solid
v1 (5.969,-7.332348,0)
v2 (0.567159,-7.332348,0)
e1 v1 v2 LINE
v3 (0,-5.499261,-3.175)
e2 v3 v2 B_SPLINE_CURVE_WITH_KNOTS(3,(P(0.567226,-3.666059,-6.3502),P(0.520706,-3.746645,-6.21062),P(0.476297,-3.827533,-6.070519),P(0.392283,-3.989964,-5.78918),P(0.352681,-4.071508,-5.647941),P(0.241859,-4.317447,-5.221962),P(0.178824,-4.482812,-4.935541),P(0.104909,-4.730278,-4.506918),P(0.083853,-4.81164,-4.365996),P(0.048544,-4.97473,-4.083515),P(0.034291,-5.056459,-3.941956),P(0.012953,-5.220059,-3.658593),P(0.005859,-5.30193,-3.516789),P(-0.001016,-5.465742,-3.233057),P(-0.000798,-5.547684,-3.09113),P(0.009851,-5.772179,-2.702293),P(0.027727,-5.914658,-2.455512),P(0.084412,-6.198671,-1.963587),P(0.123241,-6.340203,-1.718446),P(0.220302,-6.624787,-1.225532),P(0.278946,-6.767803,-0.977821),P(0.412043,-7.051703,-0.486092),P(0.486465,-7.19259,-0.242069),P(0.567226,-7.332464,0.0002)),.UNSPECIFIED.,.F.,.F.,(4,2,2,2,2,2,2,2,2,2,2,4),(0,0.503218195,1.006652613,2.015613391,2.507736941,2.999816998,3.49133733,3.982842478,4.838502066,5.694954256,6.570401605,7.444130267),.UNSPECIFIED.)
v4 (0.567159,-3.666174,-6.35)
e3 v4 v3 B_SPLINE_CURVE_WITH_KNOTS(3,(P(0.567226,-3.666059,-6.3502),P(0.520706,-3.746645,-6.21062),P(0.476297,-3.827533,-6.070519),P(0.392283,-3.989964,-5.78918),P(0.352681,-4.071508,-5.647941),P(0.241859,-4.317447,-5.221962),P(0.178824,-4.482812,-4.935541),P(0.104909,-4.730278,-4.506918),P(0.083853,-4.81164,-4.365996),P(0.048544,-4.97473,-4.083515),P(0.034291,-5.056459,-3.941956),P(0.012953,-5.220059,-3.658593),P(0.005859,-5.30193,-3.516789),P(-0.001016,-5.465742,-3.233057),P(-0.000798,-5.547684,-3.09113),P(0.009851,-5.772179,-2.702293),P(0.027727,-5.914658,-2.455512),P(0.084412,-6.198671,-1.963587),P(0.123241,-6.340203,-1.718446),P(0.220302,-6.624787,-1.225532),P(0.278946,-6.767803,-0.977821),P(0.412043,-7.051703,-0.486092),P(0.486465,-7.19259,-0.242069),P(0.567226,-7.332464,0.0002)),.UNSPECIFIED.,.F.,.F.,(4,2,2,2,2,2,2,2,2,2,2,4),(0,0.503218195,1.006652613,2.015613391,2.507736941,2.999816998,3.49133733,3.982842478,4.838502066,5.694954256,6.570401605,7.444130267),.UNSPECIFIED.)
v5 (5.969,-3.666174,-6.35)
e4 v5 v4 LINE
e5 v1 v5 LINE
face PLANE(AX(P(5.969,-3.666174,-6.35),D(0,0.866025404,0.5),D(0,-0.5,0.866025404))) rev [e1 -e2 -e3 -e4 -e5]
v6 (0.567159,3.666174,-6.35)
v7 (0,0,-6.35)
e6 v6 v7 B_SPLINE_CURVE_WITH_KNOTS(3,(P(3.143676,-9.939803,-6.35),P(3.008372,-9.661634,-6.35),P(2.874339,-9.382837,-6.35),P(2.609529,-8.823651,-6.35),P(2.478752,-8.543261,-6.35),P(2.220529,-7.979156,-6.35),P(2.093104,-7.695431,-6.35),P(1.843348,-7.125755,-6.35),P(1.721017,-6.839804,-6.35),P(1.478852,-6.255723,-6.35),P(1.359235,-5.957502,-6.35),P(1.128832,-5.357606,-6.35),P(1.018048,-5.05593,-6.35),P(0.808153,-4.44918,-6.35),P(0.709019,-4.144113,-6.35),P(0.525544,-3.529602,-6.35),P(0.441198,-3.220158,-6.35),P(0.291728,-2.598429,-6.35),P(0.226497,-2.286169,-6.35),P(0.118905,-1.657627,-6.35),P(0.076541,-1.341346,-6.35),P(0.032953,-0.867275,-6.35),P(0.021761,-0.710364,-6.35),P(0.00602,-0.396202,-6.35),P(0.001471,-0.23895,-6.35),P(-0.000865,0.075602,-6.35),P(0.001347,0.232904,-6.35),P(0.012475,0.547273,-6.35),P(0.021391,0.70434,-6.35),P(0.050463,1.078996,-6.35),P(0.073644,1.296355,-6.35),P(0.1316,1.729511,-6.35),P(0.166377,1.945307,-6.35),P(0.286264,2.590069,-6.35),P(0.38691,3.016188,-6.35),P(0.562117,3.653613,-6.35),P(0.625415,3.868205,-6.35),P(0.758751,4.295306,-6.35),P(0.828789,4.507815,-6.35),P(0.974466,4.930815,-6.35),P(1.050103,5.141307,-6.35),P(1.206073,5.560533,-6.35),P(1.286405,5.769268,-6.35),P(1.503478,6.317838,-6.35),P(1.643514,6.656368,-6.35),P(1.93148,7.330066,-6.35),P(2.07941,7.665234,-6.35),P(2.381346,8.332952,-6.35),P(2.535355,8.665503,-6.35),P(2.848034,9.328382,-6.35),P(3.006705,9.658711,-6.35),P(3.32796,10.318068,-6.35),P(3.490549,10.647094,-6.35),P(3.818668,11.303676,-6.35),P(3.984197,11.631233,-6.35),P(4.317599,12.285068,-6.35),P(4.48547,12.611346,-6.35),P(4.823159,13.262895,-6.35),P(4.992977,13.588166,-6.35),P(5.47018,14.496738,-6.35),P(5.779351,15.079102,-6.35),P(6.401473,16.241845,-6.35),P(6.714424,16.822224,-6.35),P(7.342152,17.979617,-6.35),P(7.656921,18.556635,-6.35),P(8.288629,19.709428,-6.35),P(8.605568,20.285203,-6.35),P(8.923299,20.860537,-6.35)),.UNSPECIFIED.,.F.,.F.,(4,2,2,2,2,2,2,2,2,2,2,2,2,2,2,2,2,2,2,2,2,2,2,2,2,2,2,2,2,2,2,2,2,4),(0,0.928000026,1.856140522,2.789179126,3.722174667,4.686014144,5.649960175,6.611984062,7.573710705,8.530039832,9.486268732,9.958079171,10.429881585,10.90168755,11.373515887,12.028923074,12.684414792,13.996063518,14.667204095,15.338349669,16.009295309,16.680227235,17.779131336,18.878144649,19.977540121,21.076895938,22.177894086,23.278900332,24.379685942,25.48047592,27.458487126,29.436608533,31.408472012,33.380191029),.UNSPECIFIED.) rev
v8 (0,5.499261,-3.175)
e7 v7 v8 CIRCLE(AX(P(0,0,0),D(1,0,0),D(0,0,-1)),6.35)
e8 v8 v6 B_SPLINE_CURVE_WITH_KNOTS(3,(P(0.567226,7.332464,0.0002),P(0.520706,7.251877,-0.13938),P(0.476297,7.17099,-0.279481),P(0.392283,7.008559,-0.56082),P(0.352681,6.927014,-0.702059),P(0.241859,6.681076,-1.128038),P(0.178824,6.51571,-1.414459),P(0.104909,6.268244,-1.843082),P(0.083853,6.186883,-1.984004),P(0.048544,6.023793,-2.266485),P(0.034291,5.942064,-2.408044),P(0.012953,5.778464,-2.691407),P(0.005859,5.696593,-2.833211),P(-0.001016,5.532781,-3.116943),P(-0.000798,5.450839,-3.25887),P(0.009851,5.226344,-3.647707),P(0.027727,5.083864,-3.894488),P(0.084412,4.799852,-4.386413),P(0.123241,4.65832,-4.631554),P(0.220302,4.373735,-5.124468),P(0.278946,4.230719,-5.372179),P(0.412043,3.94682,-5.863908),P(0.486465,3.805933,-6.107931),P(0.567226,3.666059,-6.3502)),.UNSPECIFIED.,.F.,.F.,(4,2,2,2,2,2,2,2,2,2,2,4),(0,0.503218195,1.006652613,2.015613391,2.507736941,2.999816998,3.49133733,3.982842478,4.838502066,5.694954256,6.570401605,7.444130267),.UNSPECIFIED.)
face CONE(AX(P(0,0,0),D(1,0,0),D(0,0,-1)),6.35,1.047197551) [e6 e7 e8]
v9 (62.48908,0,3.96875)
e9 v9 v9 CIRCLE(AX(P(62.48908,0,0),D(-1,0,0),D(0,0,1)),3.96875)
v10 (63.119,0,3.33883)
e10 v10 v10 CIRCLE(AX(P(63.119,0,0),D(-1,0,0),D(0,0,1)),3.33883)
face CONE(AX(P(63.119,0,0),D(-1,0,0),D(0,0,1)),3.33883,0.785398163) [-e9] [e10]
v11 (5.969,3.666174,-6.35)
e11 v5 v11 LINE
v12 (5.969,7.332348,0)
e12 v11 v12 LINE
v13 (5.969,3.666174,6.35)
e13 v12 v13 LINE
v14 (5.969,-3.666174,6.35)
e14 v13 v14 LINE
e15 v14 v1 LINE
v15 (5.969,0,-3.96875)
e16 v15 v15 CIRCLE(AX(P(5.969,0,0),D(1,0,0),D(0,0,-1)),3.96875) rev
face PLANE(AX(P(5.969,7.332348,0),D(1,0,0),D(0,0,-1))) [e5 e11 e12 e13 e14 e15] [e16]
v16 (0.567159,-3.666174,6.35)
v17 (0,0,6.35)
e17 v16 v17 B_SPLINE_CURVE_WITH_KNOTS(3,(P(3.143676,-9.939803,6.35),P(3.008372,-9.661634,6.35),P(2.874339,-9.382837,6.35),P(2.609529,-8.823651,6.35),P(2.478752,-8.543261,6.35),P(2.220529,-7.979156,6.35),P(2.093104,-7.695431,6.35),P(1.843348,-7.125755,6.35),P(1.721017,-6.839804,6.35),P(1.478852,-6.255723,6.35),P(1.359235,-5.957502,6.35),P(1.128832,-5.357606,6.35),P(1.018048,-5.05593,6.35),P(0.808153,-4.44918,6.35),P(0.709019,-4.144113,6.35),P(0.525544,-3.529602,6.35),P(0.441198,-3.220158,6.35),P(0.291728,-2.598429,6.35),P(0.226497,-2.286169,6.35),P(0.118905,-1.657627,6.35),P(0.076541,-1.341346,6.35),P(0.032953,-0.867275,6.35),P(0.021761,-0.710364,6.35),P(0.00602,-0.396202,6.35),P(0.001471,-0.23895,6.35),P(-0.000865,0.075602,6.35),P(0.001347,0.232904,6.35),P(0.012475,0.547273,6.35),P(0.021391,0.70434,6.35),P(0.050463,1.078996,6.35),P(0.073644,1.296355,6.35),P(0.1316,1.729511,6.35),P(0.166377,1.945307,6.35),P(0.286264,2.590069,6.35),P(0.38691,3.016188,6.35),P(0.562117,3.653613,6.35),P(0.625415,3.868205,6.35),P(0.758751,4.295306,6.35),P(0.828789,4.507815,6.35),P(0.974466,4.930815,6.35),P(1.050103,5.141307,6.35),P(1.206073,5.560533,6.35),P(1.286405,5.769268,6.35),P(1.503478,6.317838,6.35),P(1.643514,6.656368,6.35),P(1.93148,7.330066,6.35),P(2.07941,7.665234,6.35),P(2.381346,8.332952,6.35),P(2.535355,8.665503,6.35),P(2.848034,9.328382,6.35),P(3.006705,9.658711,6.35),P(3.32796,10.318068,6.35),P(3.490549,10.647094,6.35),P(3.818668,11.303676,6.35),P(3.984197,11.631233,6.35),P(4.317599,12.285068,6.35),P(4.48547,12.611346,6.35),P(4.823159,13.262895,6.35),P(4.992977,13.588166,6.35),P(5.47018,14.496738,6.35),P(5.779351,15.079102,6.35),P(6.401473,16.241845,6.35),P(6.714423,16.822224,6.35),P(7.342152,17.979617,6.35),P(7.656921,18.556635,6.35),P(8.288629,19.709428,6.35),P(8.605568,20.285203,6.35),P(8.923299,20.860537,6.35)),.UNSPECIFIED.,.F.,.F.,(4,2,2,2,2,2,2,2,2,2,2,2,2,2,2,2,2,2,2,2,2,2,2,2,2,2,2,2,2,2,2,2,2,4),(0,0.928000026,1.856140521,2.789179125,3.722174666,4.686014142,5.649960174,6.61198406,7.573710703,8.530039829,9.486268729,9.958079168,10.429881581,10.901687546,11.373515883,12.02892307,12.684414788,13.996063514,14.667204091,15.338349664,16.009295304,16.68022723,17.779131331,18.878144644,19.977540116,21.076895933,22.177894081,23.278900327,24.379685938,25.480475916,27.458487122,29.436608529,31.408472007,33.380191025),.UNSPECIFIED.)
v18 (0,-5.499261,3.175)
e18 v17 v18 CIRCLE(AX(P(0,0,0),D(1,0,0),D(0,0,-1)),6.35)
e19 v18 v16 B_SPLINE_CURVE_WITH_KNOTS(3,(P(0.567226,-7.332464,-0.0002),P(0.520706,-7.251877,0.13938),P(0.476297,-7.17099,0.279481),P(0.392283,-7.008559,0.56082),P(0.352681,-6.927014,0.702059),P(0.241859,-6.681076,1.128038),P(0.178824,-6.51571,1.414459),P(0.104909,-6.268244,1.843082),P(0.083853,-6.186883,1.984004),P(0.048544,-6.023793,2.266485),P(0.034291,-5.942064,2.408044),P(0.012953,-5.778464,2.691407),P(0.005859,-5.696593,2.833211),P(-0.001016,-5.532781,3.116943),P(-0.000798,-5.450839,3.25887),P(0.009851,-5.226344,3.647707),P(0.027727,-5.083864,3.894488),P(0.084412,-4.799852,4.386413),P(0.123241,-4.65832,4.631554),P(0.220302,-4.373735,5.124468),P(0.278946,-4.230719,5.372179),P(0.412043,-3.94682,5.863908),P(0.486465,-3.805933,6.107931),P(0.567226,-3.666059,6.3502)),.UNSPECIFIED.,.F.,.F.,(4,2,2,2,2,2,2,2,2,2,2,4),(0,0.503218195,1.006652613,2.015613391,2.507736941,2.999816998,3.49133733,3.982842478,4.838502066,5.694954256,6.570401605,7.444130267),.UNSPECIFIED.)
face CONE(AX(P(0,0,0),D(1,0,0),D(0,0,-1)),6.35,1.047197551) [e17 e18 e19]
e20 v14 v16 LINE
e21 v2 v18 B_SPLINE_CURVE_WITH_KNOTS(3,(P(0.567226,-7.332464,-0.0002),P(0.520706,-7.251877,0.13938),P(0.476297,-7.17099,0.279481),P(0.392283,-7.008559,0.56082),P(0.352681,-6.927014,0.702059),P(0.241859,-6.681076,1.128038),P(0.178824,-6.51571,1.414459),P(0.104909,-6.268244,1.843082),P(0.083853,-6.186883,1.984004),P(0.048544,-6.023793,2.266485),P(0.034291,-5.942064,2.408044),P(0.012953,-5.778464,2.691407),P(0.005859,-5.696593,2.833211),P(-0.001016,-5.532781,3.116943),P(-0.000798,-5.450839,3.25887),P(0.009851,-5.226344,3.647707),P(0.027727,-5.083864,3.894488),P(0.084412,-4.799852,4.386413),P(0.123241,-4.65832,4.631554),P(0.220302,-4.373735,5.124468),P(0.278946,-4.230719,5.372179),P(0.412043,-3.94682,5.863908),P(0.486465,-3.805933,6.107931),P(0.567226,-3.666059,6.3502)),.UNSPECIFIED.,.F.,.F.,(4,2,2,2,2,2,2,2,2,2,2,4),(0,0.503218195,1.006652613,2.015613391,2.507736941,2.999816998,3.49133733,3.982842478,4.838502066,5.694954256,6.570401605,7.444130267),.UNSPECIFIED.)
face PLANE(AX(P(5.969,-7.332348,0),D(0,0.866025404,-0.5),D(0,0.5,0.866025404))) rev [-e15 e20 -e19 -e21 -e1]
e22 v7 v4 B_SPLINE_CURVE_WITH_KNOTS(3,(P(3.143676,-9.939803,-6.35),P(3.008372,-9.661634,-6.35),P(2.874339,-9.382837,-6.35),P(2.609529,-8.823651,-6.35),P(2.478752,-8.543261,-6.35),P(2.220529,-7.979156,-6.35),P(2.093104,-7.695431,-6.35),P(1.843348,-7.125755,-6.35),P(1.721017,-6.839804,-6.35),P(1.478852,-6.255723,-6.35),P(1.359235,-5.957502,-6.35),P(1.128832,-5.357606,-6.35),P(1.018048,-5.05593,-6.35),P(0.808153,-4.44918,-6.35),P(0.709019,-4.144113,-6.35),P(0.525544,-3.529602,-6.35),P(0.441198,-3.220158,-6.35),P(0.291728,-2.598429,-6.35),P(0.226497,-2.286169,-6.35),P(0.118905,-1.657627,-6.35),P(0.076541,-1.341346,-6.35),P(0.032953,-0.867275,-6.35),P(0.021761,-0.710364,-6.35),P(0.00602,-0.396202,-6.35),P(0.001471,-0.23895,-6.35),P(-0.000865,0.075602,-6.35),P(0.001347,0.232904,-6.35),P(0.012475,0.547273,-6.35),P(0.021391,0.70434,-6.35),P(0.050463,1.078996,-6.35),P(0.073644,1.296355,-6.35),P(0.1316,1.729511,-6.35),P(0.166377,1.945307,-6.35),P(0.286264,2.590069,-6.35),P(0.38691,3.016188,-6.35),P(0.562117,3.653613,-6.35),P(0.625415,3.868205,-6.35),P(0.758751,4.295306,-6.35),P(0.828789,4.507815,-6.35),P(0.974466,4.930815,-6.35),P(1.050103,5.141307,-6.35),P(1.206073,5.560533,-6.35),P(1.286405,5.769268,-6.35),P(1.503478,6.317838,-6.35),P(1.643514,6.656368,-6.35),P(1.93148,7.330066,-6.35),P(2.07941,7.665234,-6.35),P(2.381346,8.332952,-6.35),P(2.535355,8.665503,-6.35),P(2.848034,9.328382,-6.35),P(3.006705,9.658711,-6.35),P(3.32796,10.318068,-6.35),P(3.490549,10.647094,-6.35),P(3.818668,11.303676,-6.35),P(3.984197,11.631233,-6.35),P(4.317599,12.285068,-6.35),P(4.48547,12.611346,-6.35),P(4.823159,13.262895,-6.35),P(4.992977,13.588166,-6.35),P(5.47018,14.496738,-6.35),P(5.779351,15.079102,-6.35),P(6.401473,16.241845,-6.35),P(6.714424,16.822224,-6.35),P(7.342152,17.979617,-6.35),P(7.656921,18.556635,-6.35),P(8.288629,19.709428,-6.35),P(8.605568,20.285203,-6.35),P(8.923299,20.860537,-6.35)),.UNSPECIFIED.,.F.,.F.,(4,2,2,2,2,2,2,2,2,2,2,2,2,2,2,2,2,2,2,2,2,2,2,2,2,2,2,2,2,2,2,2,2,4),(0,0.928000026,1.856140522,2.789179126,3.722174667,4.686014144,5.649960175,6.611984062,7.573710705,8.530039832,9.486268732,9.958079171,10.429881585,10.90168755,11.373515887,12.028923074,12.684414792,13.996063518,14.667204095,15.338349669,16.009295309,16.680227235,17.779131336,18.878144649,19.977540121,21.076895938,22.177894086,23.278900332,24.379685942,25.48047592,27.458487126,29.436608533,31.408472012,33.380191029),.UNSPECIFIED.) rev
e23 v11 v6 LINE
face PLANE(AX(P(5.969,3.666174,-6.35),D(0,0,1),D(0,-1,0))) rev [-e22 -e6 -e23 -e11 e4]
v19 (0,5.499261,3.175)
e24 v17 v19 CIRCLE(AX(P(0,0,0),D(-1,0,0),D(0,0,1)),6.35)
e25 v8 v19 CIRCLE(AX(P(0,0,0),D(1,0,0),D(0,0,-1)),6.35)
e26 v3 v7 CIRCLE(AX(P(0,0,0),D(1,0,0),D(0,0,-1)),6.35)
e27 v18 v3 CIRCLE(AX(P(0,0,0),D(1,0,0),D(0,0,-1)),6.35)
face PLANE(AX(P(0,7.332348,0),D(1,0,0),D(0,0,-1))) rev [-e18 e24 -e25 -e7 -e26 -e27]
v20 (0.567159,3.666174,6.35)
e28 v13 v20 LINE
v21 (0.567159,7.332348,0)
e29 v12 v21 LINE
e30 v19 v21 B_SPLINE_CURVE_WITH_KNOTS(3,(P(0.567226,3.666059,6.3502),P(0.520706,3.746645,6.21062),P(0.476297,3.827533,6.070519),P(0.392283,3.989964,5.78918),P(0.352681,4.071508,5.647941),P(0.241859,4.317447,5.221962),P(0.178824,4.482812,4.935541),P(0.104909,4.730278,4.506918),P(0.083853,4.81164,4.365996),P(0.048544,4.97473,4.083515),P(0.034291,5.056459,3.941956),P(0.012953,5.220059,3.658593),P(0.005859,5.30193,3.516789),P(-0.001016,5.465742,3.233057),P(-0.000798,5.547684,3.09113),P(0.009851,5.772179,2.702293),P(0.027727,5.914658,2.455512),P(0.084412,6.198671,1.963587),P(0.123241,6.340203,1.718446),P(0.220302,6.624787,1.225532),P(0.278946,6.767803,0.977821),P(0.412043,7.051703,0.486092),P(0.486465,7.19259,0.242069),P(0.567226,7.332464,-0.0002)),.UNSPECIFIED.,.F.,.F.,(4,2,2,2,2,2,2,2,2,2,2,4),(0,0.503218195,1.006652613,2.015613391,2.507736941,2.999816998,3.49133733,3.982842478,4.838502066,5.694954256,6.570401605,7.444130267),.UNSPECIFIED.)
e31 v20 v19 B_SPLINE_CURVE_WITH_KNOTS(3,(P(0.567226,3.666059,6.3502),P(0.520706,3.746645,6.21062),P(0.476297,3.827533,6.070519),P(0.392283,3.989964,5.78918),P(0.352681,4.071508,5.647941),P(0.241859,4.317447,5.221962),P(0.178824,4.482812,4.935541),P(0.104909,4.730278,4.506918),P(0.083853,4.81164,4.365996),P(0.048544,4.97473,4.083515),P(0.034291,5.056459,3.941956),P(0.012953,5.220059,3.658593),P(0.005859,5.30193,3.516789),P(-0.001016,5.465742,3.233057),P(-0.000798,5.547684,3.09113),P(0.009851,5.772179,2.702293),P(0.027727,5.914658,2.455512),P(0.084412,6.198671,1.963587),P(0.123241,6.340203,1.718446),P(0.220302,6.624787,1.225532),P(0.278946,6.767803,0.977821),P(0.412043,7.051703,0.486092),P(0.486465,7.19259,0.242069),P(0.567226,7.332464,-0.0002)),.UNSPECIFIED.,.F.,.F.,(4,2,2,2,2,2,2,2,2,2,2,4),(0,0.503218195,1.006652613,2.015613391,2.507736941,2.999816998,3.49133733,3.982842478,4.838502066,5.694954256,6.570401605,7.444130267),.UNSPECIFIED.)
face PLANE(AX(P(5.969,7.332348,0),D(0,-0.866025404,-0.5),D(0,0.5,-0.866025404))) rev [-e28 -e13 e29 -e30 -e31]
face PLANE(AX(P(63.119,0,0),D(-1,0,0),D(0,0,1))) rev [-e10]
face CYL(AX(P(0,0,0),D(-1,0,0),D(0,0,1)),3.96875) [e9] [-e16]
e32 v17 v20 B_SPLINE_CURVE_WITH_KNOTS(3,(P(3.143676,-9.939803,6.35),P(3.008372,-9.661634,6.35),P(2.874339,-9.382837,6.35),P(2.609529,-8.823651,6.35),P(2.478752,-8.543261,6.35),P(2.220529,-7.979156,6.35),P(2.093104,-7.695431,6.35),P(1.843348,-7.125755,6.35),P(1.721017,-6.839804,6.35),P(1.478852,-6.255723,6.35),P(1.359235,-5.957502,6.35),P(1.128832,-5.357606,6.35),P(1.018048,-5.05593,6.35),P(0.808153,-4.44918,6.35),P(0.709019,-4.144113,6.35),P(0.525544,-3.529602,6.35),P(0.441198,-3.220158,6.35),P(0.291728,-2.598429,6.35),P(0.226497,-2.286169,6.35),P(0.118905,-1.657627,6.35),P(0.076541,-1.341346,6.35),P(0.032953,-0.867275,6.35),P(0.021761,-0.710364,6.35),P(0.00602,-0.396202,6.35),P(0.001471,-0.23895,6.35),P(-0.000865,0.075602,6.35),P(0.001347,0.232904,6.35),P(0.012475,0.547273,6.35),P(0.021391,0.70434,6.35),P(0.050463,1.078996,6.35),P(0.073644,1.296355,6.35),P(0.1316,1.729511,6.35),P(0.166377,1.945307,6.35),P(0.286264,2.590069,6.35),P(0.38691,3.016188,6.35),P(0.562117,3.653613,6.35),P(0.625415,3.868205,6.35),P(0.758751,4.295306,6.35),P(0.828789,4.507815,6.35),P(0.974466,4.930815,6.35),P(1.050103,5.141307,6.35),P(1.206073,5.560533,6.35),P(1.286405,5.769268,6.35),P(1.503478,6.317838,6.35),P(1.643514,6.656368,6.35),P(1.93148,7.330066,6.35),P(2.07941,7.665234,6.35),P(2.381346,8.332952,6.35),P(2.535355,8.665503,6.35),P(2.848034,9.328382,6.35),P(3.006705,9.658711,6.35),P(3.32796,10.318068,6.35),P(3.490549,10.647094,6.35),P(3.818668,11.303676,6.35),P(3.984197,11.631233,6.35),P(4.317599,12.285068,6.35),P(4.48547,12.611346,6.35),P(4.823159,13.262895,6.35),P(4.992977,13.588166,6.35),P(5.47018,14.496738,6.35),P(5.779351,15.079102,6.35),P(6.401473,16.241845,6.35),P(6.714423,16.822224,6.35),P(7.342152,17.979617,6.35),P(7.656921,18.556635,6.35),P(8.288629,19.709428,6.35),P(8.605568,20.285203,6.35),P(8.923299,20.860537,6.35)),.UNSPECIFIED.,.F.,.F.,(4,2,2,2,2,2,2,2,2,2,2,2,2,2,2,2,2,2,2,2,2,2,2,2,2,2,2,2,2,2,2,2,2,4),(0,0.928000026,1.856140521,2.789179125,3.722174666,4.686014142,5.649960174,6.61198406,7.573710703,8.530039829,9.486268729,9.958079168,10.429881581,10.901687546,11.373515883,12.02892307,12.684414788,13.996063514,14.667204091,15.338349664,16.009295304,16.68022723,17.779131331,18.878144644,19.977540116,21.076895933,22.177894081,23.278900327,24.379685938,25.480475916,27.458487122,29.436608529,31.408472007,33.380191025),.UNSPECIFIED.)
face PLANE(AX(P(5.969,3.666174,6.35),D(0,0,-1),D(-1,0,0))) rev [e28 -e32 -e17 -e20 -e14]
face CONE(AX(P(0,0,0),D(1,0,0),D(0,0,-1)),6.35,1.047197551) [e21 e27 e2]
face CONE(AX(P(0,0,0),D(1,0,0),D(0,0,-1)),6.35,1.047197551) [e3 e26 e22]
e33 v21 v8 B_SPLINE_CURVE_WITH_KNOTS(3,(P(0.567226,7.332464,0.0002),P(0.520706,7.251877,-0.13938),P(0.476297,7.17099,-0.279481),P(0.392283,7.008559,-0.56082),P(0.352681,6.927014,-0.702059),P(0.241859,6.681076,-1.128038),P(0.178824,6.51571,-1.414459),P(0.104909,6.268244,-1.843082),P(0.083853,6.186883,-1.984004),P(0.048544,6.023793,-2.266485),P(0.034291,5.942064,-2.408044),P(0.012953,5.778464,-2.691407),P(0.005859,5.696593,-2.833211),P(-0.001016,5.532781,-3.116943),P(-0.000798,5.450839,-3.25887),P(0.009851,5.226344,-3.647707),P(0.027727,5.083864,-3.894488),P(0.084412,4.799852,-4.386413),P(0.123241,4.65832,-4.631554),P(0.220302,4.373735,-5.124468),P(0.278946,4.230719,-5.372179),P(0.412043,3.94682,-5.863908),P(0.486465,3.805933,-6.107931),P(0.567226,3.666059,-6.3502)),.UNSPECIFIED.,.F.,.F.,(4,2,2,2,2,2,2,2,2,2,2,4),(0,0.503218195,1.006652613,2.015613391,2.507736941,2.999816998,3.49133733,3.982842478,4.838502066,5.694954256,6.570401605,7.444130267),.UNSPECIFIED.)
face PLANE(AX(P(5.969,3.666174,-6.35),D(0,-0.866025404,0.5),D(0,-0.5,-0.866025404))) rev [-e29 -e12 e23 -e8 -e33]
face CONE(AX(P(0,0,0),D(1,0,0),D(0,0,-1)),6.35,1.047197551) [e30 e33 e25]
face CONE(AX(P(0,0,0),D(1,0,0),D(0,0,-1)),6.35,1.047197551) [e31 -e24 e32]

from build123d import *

# Parameters (mm, degrees)
BASEHEAD_DEPTH = 5.969


with BuildPart() as part:
    # Sketch1 → BaseHead (new body)
    with BuildSketch(Plane(origin=(0, 0, 0), x_dir=(0, 0, -1), z_dir=(1, 0, 0))):
        Polygon((6.35, 3.666174209), (6.35, -3.666174209), (0, -7.332348419), (-6.35, -3.666174209), (-6.35, 3.666174209), (0, 7.332348419), align=None)
    extrude(amount=BASEHEAD_DEPTH)

    # BodySke → BaseBody (revolve)
    with BuildSketch(Plane.XY):
        Polygon((0, 0), (63.119, 0), (63.119, 3.33883), (62.48908, 3.96875), (0, 3.96875), align=None)
    revolve(axis=Axis((0, 0, 0), (1, 0, 0)))

    # Sketch3 → HeadChamfer (revolve, cut)
    with BuildSketch(Plane.XY):
        Polygon((0, 6.35), (4.233333333, 13.682348419), (4.233333333, 20.032348419), (-12.7, 20.032348419), (-12.7, 6.35), align=None)
    revolve(axis=Axis((0, 0, 0), (1, 0, 0)), mode=Mode.SUBTRACT)


solid = part.part
